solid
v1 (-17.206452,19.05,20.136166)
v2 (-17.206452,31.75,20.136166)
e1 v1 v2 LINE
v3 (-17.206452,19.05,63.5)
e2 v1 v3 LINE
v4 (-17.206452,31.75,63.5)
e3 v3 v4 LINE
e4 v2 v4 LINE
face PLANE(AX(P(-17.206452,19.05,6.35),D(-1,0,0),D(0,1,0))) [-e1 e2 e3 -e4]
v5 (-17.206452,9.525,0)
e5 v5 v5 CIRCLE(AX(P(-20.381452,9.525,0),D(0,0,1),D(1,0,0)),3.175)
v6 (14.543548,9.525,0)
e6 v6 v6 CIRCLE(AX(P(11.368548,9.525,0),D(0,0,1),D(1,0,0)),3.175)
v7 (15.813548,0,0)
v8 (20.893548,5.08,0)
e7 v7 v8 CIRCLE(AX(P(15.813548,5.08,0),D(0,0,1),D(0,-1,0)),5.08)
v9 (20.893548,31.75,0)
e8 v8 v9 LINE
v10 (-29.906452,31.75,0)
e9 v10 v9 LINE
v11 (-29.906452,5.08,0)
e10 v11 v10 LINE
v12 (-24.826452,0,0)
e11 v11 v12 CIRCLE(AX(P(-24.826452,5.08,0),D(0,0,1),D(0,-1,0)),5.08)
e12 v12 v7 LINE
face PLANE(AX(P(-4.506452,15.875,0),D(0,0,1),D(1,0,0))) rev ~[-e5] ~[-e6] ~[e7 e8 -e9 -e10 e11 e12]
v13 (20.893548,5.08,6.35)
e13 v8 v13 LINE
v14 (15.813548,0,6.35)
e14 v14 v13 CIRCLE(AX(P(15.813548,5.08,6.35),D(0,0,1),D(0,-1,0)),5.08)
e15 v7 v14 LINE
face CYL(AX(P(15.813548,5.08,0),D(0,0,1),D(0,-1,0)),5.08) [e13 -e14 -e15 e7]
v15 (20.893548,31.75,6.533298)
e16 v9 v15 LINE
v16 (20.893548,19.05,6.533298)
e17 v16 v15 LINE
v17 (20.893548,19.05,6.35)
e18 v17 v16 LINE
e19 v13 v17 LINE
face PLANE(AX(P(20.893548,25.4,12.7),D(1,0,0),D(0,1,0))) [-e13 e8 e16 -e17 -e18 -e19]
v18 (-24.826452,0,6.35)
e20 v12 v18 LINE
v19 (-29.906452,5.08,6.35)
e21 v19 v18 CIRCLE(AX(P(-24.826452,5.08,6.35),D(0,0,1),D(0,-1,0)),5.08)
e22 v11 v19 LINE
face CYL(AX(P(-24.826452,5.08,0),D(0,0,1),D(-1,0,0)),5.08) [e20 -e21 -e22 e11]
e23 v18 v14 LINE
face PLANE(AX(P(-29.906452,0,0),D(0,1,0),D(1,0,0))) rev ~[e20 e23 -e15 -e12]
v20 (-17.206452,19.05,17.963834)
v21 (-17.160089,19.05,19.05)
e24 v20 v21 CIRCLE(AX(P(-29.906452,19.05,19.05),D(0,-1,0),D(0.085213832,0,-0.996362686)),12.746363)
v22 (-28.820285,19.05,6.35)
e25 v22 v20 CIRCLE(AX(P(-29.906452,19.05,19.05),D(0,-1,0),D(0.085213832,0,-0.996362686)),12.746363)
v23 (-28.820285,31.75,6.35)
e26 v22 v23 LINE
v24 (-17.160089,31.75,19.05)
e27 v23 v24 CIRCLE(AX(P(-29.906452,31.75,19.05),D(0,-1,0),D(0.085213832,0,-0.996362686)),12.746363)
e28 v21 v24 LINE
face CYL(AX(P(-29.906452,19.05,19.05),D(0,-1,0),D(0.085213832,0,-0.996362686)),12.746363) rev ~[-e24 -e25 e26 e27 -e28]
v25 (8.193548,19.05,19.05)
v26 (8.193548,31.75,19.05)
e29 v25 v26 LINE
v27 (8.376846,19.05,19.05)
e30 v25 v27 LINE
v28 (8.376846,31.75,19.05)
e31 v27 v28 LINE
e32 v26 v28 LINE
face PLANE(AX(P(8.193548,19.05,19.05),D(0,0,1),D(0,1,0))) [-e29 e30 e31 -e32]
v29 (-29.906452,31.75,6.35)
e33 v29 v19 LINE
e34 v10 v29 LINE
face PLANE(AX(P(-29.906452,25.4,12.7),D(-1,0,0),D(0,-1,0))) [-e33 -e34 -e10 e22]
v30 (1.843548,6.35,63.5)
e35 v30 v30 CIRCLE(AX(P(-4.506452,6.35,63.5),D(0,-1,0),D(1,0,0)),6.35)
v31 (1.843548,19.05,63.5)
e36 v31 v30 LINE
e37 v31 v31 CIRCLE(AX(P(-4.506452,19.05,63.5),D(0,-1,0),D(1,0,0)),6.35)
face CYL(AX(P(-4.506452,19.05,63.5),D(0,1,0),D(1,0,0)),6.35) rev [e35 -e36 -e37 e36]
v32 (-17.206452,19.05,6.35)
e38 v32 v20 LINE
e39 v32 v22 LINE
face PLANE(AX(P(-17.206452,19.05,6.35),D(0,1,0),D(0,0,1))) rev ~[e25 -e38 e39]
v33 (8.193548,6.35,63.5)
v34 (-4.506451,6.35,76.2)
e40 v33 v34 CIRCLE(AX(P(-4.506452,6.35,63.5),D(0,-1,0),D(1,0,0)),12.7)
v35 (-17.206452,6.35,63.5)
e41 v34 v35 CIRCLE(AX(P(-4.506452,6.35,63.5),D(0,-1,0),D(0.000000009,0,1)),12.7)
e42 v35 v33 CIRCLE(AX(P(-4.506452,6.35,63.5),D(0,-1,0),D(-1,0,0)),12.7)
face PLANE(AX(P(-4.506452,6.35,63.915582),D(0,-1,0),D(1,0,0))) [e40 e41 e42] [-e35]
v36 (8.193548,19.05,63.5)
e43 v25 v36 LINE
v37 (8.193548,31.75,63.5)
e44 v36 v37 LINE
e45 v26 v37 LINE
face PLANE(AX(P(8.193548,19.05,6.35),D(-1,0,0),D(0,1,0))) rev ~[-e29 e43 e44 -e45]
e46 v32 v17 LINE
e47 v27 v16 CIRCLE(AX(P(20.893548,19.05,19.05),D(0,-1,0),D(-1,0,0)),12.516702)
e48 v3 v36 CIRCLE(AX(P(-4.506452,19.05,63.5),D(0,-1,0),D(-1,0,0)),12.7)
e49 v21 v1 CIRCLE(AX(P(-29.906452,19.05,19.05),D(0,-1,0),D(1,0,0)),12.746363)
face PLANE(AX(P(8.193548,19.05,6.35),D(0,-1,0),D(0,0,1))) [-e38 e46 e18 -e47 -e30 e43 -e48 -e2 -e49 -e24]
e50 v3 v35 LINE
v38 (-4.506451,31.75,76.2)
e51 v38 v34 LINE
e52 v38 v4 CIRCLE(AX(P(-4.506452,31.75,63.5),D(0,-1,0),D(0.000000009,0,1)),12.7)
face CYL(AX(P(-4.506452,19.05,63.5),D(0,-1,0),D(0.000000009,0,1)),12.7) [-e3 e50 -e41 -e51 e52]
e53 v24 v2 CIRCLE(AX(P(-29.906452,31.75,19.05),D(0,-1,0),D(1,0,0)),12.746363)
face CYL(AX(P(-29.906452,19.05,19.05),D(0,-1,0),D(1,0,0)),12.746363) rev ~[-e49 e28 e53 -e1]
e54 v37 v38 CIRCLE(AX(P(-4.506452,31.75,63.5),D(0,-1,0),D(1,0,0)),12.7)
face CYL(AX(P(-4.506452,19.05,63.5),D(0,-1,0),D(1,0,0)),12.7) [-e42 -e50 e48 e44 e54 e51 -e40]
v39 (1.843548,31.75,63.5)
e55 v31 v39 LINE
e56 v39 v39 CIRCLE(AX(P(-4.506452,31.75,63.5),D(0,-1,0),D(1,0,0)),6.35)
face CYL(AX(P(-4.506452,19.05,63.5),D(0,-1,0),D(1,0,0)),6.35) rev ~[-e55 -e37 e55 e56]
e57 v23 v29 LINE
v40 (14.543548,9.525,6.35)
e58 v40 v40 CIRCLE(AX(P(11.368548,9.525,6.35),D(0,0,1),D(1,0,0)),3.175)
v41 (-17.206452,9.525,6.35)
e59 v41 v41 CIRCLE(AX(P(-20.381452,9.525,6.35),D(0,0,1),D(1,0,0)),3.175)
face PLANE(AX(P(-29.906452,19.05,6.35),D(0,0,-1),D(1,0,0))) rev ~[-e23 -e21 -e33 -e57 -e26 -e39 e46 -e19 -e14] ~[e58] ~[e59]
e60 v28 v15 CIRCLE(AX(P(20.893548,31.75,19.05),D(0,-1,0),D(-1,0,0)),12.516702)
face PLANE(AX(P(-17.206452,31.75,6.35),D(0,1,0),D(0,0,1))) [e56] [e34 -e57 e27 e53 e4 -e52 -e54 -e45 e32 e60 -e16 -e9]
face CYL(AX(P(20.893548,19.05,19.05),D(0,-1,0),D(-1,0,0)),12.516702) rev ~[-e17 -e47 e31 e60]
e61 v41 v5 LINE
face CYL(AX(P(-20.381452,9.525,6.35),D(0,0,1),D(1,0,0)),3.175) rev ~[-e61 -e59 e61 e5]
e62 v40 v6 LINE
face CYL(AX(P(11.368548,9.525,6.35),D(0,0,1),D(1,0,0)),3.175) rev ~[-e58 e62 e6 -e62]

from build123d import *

# Parameters (mm, degrees)
F0_W      = 50.8
F0_H      = 31.75
F1_DEPTH  = 6.35
F2_R      = 3.175
F3_DEPTH  = 25.4
F4_R      = 5.08
F5_W      = 25.4
F5_H      = 12.7
F6_DEPTH  = 69.85
F7_R      = 6.35
F8_DEPTH  = 12.7
F9_DEPTH  = 25.4
F10_W     = 12.7
F10_H     = 12.7
F11_DEPTH = 12.7
F13_DEPTH = 25.4
F14_W     = 12.7
F14_H     = 12.7
F15_DEPTH = 12.7
F17_DEPTH = 25.4


with BuildPart() as f1:
    # F0 (on Top) → F1 (new body)
    with BuildSketch(Plane.XY):
        with Locations((-4.5064515435, 15.875)):
            Rectangle(F0_W, F0_H)
    extrude(amount=F1_DEPTH)

    # F2 (on face) → F3 (cut)
    with BuildSketch(Plane.XY.offset(6.35)):
        with Locations((11.3685484565, 9.525)):
            Circle(F2_R)
        with Locations((-20.3814515435, 9.525)):
            Circle(F2_R)
    extrude(amount=-F3_DEPTH, mode=Mode.SUBTRACT)

    # F4
    f4_edges = [f1.edges().sort_by_distance(p)[0] for p in [
        (20.893548, 0, 3.175),
        (-29.906452, 0, 3.175),
    ]]
    fillet(f4_edges, radius=F4_R)

    # F5 (on face) → F6 (join)
    with BuildSketch(Plane.XY.offset(6.35)):
        with Locations((-4.5064515435, 25.4)):
            Rectangle(F5_W, F5_H)
    extrude(amount=F6_DEPTH)

    # F7 (on face) → F8 (join)
    with BuildSketch(Plane.XZ.offset(-19.05)):
        with BuildLine():
            ThreePointArc((-17.2064515435, 63.5), (-4.5064515435, 50.8), (8.1935484565, 63.5))
            ThreePointArc((8.1935484565, 63.5), (4.473804616, 72.4802560826), (-4.5064514347, 76.2))
            ThreePointArc((-4.5064514347, 76.2), (-13.4867076261, 72.4802561595), (-17.2064515435, 63.5))
        make_face()
        with Locations((-4.5064515435, 63.5)):
            Circle(F7_R, mode=Mode.SUBTRACT)
    extrude(amount=F8_DEPTH)

    # F9 (cut): faces of the model
    f9_faces = [f1.faces().sort_by_distance(p)[0] for p in [
        (5.3567756319, 19.05, 73.3632271754),
        (-14.3696787189, 19.05, 73.3632271754),
        (-4.5064515435, 19.05, 63.5),
    ]]
    extrude(f9_faces, amount=-F9_DEPTH, mode=Mode.SUBTRACT)

    # F10 (on face) → F11 (join)
    with BuildSketch(Plane.YZ.offset(8.1935484565)):
        with Locations((25.4, 12.7)):
            Rectangle(F10_W, F10_H)
    extrude(amount=F11_DEPTH)

    # F12 (on face) → F13 (cut)
    with BuildSketch(Plane.XZ.offset(-19.05)):
        with BuildLine():
            ThreePointArc((33.4102507488, 19.05), (20.8935484565, 31.5667022923), (8.3768461642, 19.05))
            Line((8.3768461642, 19.05), (20.8935484565, 19.05))
            Line((20.8935484565, 19.05), (20.8935484565, 6.5332977077))
            ThreePointArc((20.8935484565, 6.5332977077), (29.7441935255, 10.199354931), (33.4102507488, 19.05))
        make_face()
        with BuildLine():
            Line((20.8935484565, 19.05), (8.3768461642, 19.05))
            ThreePointArc((8.3768461642, 19.05), (12.0429033875, 10.199354931), (20.8935484565, 6.5332977077))
            Line((20.8935484565, 6.5332977077), (20.8935484565, 19.05))
        make_face()
    extrude(amount=-F13_DEPTH, mode=Mode.SUBTRACT)

    # F14 (on face) → F15 (join)
    with BuildSketch(Plane(origin=(-17.2064515435, 0, 0), x_dir=(0, -1, 0), z_dir=(-1, 0, 0))):
        with Locations((-25.4, 12.7)):
            Rectangle(F14_W, F14_H)
    extrude(amount=F15_DEPTH)

    # F16 (on face) → F17 (cut)
    with BuildSketch(Plane.XZ.offset(-19.05)):
        with BuildLine():
            ThreePointArc((-28.8202851524, 6.35), (-20.5172442286, 10.4295276564), (-17.1600890259, 19.05))
            ThreePointArc((-17.1600890259, 19.05), (-17.17168493, 19.5935777111), (-17.2064515435, 20.1361663911))
            Line((-17.2064515435, 20.1361663911), (-17.2064515435, 19.05))
            Line((-17.2064515435, 19.05), (-29.9064515435, 19.05))
            Line((-29.9064515435, 19.05), (-29.9064515435, 6.35))
            Line((-29.9064515435, 6.35), (-28.8202851524, 6.35))
        make_face()
    extrude(amount=-F17_DEPTH, mode=Mode.SUBTRACT)


solid = f1.part
